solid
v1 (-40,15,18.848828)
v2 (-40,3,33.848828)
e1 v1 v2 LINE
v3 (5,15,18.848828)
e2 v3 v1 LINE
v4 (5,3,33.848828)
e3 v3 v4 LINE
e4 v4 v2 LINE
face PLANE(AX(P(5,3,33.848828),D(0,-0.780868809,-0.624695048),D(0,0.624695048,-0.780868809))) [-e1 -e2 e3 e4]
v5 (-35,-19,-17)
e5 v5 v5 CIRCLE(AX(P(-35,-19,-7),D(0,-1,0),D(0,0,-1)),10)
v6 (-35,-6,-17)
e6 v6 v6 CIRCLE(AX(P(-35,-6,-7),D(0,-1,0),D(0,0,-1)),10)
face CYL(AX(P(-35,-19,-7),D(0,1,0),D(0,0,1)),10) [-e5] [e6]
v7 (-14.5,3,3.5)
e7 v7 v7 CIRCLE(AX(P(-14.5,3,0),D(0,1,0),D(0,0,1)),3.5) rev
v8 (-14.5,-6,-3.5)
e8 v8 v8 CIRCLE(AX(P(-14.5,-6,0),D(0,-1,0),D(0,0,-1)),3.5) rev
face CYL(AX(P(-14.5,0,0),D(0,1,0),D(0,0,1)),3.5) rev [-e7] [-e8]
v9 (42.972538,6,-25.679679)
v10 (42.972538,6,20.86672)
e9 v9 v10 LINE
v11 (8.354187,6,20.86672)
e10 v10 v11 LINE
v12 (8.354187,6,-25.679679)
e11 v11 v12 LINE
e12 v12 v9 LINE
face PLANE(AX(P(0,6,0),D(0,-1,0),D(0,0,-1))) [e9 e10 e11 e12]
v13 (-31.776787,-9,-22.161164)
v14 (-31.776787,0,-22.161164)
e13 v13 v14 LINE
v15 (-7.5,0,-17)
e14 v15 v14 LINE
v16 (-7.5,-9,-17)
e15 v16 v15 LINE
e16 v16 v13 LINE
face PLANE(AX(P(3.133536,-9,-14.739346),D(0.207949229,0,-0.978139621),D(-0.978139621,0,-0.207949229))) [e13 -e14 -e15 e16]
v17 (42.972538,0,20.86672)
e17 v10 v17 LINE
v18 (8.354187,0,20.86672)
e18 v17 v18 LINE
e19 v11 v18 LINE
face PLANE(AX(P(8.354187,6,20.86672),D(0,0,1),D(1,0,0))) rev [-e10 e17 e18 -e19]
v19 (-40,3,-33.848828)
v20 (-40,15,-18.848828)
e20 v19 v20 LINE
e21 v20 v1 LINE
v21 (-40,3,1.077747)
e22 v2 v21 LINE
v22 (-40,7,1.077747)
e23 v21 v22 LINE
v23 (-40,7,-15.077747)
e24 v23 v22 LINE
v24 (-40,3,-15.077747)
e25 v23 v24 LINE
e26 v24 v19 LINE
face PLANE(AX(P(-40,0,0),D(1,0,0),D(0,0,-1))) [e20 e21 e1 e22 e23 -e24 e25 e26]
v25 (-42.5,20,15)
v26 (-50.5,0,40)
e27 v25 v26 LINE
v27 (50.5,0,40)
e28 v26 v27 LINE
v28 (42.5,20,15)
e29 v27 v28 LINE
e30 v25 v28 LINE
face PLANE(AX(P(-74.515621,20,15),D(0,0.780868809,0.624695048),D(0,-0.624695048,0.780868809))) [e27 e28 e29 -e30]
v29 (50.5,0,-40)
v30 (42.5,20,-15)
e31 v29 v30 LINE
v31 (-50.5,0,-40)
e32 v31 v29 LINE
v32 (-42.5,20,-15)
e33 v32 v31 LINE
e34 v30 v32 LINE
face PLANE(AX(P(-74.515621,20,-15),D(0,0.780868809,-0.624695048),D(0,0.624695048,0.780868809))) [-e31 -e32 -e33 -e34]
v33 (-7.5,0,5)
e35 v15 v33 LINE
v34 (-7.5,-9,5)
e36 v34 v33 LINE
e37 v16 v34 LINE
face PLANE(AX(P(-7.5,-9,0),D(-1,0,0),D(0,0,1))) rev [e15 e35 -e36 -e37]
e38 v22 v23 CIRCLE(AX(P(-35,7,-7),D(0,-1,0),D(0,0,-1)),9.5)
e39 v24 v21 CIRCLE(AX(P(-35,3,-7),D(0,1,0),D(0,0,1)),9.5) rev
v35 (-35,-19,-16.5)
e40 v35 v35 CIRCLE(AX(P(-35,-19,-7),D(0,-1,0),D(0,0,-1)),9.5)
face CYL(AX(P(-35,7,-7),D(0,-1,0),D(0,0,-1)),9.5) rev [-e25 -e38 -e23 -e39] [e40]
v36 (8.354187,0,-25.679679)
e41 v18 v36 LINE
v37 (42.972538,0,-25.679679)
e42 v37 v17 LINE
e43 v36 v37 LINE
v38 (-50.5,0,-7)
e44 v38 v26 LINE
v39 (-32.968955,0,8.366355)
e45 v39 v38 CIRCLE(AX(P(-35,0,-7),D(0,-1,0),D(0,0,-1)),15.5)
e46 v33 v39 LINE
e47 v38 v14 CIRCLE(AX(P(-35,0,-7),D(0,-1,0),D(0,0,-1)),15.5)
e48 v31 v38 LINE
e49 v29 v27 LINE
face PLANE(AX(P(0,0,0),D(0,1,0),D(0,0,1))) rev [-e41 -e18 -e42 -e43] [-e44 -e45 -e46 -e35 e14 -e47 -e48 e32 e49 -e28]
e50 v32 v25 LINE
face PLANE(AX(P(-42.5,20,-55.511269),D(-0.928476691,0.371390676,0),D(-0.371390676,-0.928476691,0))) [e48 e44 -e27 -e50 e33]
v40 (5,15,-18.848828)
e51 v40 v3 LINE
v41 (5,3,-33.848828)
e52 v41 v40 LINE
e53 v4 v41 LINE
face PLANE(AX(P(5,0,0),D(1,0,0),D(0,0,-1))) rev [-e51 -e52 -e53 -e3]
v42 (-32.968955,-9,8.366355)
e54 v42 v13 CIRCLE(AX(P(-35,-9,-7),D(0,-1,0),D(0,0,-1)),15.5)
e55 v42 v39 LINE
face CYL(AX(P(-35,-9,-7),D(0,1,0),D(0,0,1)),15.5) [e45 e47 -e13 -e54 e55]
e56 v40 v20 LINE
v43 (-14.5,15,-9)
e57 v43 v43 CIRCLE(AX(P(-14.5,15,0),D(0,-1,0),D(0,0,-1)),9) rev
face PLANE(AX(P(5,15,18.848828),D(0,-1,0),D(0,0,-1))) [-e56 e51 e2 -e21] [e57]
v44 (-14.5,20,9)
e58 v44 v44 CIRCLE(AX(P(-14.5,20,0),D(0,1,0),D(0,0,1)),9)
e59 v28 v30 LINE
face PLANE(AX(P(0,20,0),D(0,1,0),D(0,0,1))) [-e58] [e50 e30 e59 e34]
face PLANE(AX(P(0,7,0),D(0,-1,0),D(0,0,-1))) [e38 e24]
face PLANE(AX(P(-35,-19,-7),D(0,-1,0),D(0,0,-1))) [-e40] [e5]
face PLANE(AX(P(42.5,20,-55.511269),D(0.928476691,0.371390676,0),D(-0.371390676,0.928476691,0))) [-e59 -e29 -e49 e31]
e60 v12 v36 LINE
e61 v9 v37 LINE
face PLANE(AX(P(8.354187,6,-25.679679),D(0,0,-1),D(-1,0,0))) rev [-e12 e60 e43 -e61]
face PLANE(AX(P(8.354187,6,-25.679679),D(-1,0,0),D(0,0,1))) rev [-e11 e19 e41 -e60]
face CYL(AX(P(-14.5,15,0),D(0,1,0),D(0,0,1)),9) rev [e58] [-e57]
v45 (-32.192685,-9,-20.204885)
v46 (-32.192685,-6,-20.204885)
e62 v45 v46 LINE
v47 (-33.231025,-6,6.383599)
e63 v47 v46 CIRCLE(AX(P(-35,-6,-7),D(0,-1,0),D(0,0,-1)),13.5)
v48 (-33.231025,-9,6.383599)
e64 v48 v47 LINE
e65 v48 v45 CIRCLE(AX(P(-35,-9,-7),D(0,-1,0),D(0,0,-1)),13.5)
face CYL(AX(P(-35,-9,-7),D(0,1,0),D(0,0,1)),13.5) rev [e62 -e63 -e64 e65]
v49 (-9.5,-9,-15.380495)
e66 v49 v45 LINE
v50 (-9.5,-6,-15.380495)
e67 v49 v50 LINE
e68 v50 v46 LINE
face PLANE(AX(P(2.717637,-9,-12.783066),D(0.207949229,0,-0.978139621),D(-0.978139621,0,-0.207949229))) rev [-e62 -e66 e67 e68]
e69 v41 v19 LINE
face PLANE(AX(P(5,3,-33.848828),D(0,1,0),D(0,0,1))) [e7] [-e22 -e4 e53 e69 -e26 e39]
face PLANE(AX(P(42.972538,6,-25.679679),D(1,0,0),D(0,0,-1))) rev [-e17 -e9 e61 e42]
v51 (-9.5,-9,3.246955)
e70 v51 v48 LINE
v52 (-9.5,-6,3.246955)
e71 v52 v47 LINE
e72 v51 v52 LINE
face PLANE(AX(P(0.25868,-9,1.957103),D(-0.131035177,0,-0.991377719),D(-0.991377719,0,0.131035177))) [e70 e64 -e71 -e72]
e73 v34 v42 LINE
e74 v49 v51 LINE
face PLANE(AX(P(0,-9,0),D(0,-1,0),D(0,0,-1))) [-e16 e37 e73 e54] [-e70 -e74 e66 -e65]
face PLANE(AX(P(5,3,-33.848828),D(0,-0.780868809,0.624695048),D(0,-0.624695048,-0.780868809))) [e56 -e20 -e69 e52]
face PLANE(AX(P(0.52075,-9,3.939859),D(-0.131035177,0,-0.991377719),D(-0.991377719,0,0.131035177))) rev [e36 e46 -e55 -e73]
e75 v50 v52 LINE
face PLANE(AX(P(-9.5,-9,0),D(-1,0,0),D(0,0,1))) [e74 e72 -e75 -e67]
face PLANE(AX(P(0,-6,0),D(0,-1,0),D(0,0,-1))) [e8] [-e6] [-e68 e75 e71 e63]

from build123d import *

# Parameters (mm, degrees)
SKETCH1_W                       = 85
SKETCH1_H                       = 30
BOSS_EXTRUDE1_DEPTH             = 20
BOSS_EXTRUDE2_DEPTH             = 85
BOSS_EXTRUDE3_REACH             = 42
BOSS_EXTRUDE3_DIRECTION_2_REACH = 42
SKETCH4_R                       = 3.5
CUT_EXTRUDE1_DEPTH              = 21
SKETCH5_R                       = 9
CUT_EXTRUDE2_DEPTH              = 5
BOSS_EXTRUDE4_DEPTH             = 9
SKETCH6_3_R                     = 9.5
CUT_EXTRUDE3_DEPTH              = 7
SKETCH6_4_R                     = 9.5
SKETCH6_4_R_2                   = 3.5
BOSS_EXTRUDE5_DEPTH             = 6
SKETCH8_R                       = 10
SKETCH8_R_2                     = 9.5
BOSS_EXTRUDE6_DEPTH             = 13
CUT_EXTRUDE4_DEPTH              = 5
CUT_EXTRUDE4_DEPTH_BACK         = 40
SKETCH10_W                      = 34.61835073
SKETCH10_H                      = 46.546399138
CUT_EXTRUDE5_DEPTH              = 6


with BuildPart() as part:
    # Sketch1 → Boss-Extrude1 (new body)
    with BuildSketch(Plane(origin=(0, 0, 0), x_dir=(1, 0, 0), z_dir=(0, 1, 0))):
        Rectangle(SKETCH1_W, SKETCH1_H)
    extrude(amount=BOSS_EXTRUDE1_DEPTH)

    # Sketch2 → Boss-Extrude2 (add)
    with BuildSketch(Plane(origin=(42.5, 0, 0), x_dir=(0, 0, -1), z_dir=(1, 0, 0))):
        Polygon((15, 20), (40, 0), (15, 0), align=None)
        Polygon((-15, 20), (-40, 0), (-15, 0), align=None)
    extrude(amount=-BOSS_EXTRUDE2_DEPTH)

    # Boss-Extrude3: up to this face of the body (flat: up to its plane)
    boss_extrude3_end = Plane(part.part.faces().sort_by_distance((0, 10, -27.5))[0])
    # Sketch3 → Boss-Extrude3 (add, up to the picked face)
    with BuildSketch(Plane.XY, mode=Mode.PRIVATE) as boss_extrude3_sk1:
        Polygon((42.5, 20), (50.5, 0), (42.5, 0), align=None)
    boss_extrude3_tool1 = split(extrude(boss_extrude3_sk1.sketch, amount=-BOSS_EXTRUDE3_REACH, mode=Mode.PRIVATE), bisect_by=boss_extrude3_end, keep=Keep.BOTH, mode=Mode.PRIVATE)
    add(boss_extrude3_tool1.solids().sort_by_distance((45.166667, 6.666667, 0))[0])
    # Sketch3 → Boss-Extrude3 (add, up to the picked face)
    with BuildSketch(Plane.XY, mode=Mode.PRIVATE) as boss_extrude3_sk2:
        Polygon((-42.5, 0), (-42.5, 20), (-50.5, 0), align=None)
    boss_extrude3_tool2 = split(extrude(boss_extrude3_sk2.sketch, amount=-BOSS_EXTRUDE3_REACH, mode=Mode.PRIVATE), bisect_by=boss_extrude3_end, keep=Keep.BOTH, mode=Mode.PRIVATE)
    add(boss_extrude3_tool2.solids().sort_by_distance((-45.166667, 6.666667, 0))[0])

    # Boss-Extrude3 direction 2: up to this face of the body (flat: up to its plane)
    boss_extrude3_direction_2_end = Plane(part.part.faces().sort_by_distance((0, 10, 27.5))[0])
    # Sketch3 → Boss-Extrude3 direction 2 (add, up to the picked face)
    with BuildSketch(Plane.XY, mode=Mode.PRIVATE) as boss_extrude3_direction_2_sk1:
        Polygon((42.5, 20), (50.5, 0), (42.5, 0), align=None)
    boss_extrude3_direction_2_tool1 = split(extrude(boss_extrude3_direction_2_sk1.sketch, amount=BOSS_EXTRUDE3_DIRECTION_2_REACH, mode=Mode.PRIVATE), bisect_by=boss_extrude3_direction_2_end, keep=Keep.BOTH, mode=Mode.PRIVATE)
    add(boss_extrude3_direction_2_tool1.solids().sort_by_distance((45.166667, 6.666667, 0))[0])
    # Sketch3 → Boss-Extrude3 direction 2 (add, up to the picked face)
    with BuildSketch(Plane.XY, mode=Mode.PRIVATE) as boss_extrude3_direction_2_sk2:
        Polygon((-42.5, 0), (-42.5, 20), (-50.5, 0), align=None)
    boss_extrude3_direction_2_tool2 = split(extrude(boss_extrude3_direction_2_sk2.sketch, amount=BOSS_EXTRUDE3_DIRECTION_2_REACH, mode=Mode.PRIVATE), bisect_by=boss_extrude3_direction_2_end, keep=Keep.BOTH, mode=Mode.PRIVATE)
    add(boss_extrude3_direction_2_tool2.solids().sort_by_distance((-45.166667, 6.666667, 0))[0])

    # Sketch4 → Cut-Extrude1 (cut, through all)
    with BuildSketch(Plane(origin=(0, 20, 0), x_dir=(1, 0, 0), z_dir=(0, 1, 0))):
        with Locations((-14.5, 0)):
            Circle(SKETCH4_R)
    extrude(amount=-CUT_EXTRUDE1_DEPTH, mode=Mode.SUBTRACT)

    # Sketch5 → Cut-Extrude2 (cut)
    with BuildSketch(Plane(origin=(0, 20, 0), x_dir=(1, 0, 0), z_dir=(0, 1, 0))):
        with Locations((-14.5, 0)):
            Circle(SKETCH5_R)
    extrude(amount=-CUT_EXTRUDE2_DEPTH, mode=Mode.SUBTRACT)

    # Sketch6 → Boss-Extrude4 (add)
    with BuildSketch(Plane.XZ):
        with BuildLine():
            Line((-7.5, 5), (-32.968954756, 8.36635465))
            ThreePointArc((-32.968954756, 8.36635465), (-50.488194155, -7.60484858), (-31.776786955, -22.161164126))
            Line((-31.776786955, -22.161164126), (-7.5, -17))
            Line((-7.5, -17), (-7.5, 5))
        make_face()
        with BuildLine():
            ThreePointArc((-33.23102511, 6.383599211), (-48.48971749, -7.526803602), (-32.192685412, -20.204884884))
            Line((-32.192685412, -20.204884884), (-9.5, -15.380495475))
            Line((-9.5, -15.380495475), (-9.5, 3.246955109))
            Line((-9.5, 3.246955109), (-33.23102511, 6.383599211))
        make_face(mode=Mode.SUBTRACT)
    extrude(amount=BOSS_EXTRUDE4_DEPTH)

    # Sketch6<3> → Cut-Extrude3 (cut)
    with BuildSketch(Plane.XZ):
        with Locations((-35, -7)):
            Circle(SKETCH6_3_R)
    extrude(amount=-CUT_EXTRUDE3_DEPTH, mode=Mode.SUBTRACT)

    # Sketch6<4> → Boss-Extrude5 (add)
    with BuildSketch(Plane.XZ):
        with BuildLine():
            Line((-9.5, 3.246955109), (-33.23102511, 6.383599211))
            ThreePointArc((-33.23102511, 6.383599211), (-48.48971749, -7.526803602), (-32.192685412, -20.204884884))
            Line((-32.192685412, -20.204884884), (-9.5, -15.380495475))
            Line((-9.5, -15.380495475), (-9.5, 3.246955109))
        make_face()
        with Locations((-35, -7)):
            Circle(SKETCH6_4_R, mode=Mode.SUBTRACT)
        with Locations((-14.5, 0)):
            Circle(SKETCH6_4_R_2, mode=Mode.SUBTRACT)
    extrude(amount=BOSS_EXTRUDE5_DEPTH)

    # Sketch8 → Boss-Extrude6 (add)
    with BuildSketch(Plane.XZ.offset(6)):
        with Locations((-35, -7)):
            Circle(SKETCH8_R)
        with Locations((-35, -7)):
            Circle(SKETCH8_R_2, mode=Mode.SUBTRACT)
    extrude(amount=BOSS_EXTRUDE6_DEPTH)

    # Sketch9 → Cut-Extrude4 (cut, two sides)
    with BuildSketch(Plane(origin=(0, 0, 0), x_dir=(0, 0, -1), z_dir=(1, 0, 0))) as cut_extrude4_sk:
        Polygon((33.848828411, 3), (-33.848828411, 3), (-18.848828411, 15), (18.848828411, 15), align=None)
    extrude(amount=CUT_EXTRUDE4_DEPTH, mode=Mode.SUBTRACT)
    extrude(cut_extrude4_sk.sketch, amount=-CUT_EXTRUDE4_DEPTH_BACK, mode=Mode.SUBTRACT)

    # Sketch10 → Cut-Extrude5 (cut)
    with BuildSketch(Plane(origin=(0, 0, 0), x_dir=(-1, 0, 0), z_dir=(0, -1, 0))):
        with Locations((-25.663362502, 2.40647956)):
            Rectangle(SKETCH10_W, SKETCH10_H)
    extrude(amount=-CUT_EXTRUDE5_DEPTH, mode=Mode.SUBTRACT)


solid = part.part
